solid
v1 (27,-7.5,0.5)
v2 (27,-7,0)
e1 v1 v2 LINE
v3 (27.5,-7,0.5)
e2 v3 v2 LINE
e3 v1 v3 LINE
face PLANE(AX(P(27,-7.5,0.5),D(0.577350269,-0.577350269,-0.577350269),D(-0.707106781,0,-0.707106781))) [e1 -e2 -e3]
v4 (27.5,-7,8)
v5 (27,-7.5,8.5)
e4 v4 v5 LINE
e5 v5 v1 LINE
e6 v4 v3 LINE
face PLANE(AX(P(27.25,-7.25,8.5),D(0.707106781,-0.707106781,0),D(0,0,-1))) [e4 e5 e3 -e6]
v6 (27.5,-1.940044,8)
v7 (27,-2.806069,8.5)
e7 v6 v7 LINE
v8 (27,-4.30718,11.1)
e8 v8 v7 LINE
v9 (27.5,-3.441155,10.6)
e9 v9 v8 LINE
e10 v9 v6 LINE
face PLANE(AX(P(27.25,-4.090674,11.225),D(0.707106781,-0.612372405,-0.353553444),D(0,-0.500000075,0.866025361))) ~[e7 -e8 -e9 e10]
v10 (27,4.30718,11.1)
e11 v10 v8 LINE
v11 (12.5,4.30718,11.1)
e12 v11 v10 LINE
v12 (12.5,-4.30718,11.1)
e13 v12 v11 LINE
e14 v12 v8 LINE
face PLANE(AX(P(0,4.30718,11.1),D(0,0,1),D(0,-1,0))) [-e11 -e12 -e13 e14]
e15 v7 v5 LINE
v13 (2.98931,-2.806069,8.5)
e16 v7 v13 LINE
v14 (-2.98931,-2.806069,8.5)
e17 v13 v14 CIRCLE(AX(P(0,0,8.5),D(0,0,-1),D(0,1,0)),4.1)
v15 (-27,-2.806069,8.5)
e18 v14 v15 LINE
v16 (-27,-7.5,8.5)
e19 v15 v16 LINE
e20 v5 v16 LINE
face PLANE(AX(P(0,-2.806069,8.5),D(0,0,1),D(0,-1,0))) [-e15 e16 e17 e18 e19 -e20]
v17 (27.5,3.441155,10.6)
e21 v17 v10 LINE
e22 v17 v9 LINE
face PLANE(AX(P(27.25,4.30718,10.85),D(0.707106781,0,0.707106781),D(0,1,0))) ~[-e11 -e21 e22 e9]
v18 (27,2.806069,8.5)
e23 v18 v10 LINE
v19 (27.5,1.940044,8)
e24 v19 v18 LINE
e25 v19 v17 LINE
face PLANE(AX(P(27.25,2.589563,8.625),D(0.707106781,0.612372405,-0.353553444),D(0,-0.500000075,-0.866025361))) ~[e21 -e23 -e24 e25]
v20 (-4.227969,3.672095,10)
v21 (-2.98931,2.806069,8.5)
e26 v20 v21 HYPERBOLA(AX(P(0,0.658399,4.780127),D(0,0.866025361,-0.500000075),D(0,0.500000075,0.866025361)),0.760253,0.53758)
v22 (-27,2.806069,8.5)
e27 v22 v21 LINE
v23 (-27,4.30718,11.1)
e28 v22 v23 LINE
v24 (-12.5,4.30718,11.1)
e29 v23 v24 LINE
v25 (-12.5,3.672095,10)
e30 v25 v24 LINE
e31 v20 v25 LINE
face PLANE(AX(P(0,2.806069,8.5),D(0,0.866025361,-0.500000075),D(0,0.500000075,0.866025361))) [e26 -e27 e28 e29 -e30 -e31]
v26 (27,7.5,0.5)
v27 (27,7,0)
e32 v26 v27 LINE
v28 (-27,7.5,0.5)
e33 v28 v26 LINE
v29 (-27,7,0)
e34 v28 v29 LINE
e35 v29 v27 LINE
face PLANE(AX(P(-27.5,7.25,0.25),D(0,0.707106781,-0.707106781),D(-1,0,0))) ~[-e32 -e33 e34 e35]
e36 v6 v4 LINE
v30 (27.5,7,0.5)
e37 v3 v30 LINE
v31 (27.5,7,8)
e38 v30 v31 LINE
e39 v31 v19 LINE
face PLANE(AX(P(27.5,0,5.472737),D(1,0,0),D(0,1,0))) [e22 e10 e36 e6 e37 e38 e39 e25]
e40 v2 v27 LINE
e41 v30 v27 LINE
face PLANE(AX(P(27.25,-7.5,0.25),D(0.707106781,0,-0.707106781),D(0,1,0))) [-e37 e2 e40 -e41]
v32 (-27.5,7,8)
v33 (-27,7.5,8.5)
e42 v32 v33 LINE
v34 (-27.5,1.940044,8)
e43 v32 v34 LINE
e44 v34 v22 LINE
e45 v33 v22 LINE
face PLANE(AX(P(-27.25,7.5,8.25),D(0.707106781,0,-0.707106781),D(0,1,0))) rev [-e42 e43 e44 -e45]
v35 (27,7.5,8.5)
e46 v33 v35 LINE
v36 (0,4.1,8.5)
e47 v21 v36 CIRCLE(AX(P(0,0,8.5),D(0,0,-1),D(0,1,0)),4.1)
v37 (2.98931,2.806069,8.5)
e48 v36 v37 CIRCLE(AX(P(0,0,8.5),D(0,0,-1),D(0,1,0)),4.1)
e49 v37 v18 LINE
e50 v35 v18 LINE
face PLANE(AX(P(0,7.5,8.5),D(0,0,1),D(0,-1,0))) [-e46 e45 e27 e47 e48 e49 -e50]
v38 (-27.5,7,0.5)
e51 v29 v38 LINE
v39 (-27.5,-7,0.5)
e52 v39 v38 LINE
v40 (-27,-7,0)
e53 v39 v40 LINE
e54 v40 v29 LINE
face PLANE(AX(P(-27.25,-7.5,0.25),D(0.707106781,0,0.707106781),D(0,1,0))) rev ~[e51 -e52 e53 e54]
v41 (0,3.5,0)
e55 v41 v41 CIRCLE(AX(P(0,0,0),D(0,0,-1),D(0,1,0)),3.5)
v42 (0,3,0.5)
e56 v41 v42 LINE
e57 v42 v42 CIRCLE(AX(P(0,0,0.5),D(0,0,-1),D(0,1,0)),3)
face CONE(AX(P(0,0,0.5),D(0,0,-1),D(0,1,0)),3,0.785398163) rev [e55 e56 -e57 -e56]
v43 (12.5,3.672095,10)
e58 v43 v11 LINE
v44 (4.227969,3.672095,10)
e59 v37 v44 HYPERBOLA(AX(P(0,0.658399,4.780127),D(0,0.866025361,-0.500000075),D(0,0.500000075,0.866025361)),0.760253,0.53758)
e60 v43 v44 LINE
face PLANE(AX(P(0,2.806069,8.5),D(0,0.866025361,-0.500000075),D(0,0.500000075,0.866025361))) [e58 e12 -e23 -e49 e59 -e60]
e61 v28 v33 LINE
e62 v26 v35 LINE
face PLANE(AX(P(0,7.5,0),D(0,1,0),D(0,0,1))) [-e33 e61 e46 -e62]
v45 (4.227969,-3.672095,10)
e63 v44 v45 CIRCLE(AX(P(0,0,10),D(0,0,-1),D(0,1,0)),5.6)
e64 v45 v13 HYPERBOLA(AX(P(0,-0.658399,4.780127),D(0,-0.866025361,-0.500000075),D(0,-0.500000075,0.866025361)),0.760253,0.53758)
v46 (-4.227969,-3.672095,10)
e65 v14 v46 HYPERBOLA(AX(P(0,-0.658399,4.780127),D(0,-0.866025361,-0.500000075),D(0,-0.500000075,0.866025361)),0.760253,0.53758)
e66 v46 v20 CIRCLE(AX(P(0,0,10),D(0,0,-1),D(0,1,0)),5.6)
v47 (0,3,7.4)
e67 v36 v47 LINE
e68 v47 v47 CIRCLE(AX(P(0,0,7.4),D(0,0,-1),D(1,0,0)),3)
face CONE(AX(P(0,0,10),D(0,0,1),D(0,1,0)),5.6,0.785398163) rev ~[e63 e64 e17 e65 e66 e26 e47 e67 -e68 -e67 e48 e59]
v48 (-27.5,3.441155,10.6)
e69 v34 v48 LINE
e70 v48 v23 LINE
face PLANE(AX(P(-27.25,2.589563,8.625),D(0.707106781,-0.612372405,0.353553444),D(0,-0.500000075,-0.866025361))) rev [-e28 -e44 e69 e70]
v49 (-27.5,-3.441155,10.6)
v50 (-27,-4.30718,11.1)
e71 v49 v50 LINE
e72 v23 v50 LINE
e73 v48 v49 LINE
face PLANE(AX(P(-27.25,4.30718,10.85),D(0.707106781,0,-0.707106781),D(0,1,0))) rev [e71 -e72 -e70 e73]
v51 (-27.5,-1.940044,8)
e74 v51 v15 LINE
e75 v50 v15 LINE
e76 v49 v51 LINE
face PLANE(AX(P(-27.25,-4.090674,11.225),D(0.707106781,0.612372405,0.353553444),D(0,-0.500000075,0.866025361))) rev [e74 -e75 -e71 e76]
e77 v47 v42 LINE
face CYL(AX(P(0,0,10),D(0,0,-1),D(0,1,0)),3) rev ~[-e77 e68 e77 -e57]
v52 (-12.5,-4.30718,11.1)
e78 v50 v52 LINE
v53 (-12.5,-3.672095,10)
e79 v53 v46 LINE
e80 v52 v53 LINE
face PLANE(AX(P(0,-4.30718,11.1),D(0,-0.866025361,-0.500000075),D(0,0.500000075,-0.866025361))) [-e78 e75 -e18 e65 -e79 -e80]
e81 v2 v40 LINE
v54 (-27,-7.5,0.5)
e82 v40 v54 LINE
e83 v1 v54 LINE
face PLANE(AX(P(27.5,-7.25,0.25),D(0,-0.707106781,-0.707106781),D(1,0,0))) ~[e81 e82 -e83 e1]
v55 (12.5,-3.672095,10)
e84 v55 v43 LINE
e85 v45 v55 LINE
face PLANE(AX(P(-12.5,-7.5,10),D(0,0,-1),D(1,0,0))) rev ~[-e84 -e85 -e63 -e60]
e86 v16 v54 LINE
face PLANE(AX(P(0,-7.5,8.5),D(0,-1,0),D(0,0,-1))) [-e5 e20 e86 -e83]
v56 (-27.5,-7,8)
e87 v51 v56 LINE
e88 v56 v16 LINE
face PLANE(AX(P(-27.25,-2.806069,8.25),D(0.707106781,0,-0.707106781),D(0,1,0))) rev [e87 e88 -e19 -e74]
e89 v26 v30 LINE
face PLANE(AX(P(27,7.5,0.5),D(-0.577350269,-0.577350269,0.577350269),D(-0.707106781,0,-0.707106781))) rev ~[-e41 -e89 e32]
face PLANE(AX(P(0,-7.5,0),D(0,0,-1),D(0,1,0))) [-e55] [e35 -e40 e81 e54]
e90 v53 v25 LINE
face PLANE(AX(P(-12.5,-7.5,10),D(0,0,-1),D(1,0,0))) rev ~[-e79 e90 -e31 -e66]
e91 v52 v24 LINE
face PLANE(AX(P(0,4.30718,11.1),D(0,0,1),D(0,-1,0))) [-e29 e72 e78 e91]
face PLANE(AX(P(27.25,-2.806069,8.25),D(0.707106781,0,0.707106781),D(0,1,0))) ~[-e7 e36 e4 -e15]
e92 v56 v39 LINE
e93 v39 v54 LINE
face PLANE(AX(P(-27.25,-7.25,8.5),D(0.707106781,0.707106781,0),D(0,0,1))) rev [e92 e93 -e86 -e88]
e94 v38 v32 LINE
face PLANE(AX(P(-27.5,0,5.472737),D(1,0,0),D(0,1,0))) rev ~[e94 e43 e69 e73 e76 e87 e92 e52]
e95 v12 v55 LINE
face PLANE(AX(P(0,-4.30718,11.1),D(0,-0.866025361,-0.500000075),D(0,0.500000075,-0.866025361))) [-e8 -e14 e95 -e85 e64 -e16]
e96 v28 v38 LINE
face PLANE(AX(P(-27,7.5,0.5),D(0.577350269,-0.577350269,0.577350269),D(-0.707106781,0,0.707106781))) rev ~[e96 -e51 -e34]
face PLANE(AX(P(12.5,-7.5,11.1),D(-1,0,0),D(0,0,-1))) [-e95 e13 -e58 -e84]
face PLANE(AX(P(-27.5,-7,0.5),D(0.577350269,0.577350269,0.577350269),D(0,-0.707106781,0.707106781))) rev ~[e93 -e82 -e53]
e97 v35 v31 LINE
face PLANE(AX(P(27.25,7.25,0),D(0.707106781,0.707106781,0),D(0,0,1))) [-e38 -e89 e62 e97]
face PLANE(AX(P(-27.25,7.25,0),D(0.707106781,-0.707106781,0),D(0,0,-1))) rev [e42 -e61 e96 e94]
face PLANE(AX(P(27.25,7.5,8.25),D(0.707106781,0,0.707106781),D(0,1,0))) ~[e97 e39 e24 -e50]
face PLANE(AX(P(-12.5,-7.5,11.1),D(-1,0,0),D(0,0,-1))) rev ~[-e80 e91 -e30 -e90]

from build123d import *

# Parameters (mm, degrees)
PAD002_DEPTH        = 27.5
SKETCH005_W         = 1.1
SKETCH005_H         = 25
POCKET001_DEPTH     = 15.001
HOLE001_D           = 6
HOLE001_DEPTH       = 25
HOLE001_CSINK_D     = 11.2
HOLE001_CSINK_ANGLE = 90
CHAMFER_SIZE        = 0.5


with BuildPart() as part:
    # Sketch004 → Pad002 (new body, symmetric)
    with BuildSketch(Plane.YZ):
        Polygon((-7.5, 0), (7.5, 0), (7.5, 8.5), (2.806069, 8.5), (4.30718, 11.1), (-4.30718, 11.1), (-2.806069, 8.5), (-7.5, 8.5), align=None)
    extrude(amount=PAD002_DEPTH, both=True)

    # Sketch005 (on Face8 of Pad002) → Pocket001 (cut, through all)
    with BuildSketch(Plane(origin=(0, -7.5, 0), x_dir=(0, 0, -1), z_dir=(0, -1, 0))):
        with Locations((-10.55, 0)):
            Rectangle(SKETCH005_W, SKETCH005_H)
    extrude(amount=-POCKET001_DEPTH, mode=Mode.SUBTRACT)

    # Hole001
    with Locations(Plane(origin=(0, 0, 10), x_dir=(0, -1, 0), z_dir=(0, 0, 1))):
        with Locations((0, 0)):
            CounterSinkHole(HOLE001_D / 2, HOLE001_CSINK_D / 2, depth=HOLE001_DEPTH, counter_sink_angle=HOLE001_CSINK_ANGLE)

    # Chamfer
    chamfer_edges = [part.edges().sort_by_distance(p)[0] for p in [
        (27.5, 0, 0),
        (27.5, 7.5, 4.25),
        (27.5, 5.153034, 8.5),
        (27.5, 3.556624, 9.8),
        (27.5, 0, 11.1),
        (27.5, -3.556624, 9.8),
        (27.5, -5.153034, 8.5),
        (27.5, -7.5, 4.25),
        (0, -7.5, 0),
        (-27.5, 0, 0),
        (0, 7.5, 0),
        (0, -3, 0),
        (-27.5, 7.5, 4.25),
        (-27.5, 5.153034, 8.5),
        (-27.5, 3.556624, 9.8),
        (-27.5, 0, 11.1),
        (-27.5, -3.556624, 9.8),
        (-27.5, -5.153034, 8.5),
        (-27.5, -7.5, 4.25),
    ]]
    chamfer(chamfer_edges, length=CHAMFER_SIZE)


solid = part.part
